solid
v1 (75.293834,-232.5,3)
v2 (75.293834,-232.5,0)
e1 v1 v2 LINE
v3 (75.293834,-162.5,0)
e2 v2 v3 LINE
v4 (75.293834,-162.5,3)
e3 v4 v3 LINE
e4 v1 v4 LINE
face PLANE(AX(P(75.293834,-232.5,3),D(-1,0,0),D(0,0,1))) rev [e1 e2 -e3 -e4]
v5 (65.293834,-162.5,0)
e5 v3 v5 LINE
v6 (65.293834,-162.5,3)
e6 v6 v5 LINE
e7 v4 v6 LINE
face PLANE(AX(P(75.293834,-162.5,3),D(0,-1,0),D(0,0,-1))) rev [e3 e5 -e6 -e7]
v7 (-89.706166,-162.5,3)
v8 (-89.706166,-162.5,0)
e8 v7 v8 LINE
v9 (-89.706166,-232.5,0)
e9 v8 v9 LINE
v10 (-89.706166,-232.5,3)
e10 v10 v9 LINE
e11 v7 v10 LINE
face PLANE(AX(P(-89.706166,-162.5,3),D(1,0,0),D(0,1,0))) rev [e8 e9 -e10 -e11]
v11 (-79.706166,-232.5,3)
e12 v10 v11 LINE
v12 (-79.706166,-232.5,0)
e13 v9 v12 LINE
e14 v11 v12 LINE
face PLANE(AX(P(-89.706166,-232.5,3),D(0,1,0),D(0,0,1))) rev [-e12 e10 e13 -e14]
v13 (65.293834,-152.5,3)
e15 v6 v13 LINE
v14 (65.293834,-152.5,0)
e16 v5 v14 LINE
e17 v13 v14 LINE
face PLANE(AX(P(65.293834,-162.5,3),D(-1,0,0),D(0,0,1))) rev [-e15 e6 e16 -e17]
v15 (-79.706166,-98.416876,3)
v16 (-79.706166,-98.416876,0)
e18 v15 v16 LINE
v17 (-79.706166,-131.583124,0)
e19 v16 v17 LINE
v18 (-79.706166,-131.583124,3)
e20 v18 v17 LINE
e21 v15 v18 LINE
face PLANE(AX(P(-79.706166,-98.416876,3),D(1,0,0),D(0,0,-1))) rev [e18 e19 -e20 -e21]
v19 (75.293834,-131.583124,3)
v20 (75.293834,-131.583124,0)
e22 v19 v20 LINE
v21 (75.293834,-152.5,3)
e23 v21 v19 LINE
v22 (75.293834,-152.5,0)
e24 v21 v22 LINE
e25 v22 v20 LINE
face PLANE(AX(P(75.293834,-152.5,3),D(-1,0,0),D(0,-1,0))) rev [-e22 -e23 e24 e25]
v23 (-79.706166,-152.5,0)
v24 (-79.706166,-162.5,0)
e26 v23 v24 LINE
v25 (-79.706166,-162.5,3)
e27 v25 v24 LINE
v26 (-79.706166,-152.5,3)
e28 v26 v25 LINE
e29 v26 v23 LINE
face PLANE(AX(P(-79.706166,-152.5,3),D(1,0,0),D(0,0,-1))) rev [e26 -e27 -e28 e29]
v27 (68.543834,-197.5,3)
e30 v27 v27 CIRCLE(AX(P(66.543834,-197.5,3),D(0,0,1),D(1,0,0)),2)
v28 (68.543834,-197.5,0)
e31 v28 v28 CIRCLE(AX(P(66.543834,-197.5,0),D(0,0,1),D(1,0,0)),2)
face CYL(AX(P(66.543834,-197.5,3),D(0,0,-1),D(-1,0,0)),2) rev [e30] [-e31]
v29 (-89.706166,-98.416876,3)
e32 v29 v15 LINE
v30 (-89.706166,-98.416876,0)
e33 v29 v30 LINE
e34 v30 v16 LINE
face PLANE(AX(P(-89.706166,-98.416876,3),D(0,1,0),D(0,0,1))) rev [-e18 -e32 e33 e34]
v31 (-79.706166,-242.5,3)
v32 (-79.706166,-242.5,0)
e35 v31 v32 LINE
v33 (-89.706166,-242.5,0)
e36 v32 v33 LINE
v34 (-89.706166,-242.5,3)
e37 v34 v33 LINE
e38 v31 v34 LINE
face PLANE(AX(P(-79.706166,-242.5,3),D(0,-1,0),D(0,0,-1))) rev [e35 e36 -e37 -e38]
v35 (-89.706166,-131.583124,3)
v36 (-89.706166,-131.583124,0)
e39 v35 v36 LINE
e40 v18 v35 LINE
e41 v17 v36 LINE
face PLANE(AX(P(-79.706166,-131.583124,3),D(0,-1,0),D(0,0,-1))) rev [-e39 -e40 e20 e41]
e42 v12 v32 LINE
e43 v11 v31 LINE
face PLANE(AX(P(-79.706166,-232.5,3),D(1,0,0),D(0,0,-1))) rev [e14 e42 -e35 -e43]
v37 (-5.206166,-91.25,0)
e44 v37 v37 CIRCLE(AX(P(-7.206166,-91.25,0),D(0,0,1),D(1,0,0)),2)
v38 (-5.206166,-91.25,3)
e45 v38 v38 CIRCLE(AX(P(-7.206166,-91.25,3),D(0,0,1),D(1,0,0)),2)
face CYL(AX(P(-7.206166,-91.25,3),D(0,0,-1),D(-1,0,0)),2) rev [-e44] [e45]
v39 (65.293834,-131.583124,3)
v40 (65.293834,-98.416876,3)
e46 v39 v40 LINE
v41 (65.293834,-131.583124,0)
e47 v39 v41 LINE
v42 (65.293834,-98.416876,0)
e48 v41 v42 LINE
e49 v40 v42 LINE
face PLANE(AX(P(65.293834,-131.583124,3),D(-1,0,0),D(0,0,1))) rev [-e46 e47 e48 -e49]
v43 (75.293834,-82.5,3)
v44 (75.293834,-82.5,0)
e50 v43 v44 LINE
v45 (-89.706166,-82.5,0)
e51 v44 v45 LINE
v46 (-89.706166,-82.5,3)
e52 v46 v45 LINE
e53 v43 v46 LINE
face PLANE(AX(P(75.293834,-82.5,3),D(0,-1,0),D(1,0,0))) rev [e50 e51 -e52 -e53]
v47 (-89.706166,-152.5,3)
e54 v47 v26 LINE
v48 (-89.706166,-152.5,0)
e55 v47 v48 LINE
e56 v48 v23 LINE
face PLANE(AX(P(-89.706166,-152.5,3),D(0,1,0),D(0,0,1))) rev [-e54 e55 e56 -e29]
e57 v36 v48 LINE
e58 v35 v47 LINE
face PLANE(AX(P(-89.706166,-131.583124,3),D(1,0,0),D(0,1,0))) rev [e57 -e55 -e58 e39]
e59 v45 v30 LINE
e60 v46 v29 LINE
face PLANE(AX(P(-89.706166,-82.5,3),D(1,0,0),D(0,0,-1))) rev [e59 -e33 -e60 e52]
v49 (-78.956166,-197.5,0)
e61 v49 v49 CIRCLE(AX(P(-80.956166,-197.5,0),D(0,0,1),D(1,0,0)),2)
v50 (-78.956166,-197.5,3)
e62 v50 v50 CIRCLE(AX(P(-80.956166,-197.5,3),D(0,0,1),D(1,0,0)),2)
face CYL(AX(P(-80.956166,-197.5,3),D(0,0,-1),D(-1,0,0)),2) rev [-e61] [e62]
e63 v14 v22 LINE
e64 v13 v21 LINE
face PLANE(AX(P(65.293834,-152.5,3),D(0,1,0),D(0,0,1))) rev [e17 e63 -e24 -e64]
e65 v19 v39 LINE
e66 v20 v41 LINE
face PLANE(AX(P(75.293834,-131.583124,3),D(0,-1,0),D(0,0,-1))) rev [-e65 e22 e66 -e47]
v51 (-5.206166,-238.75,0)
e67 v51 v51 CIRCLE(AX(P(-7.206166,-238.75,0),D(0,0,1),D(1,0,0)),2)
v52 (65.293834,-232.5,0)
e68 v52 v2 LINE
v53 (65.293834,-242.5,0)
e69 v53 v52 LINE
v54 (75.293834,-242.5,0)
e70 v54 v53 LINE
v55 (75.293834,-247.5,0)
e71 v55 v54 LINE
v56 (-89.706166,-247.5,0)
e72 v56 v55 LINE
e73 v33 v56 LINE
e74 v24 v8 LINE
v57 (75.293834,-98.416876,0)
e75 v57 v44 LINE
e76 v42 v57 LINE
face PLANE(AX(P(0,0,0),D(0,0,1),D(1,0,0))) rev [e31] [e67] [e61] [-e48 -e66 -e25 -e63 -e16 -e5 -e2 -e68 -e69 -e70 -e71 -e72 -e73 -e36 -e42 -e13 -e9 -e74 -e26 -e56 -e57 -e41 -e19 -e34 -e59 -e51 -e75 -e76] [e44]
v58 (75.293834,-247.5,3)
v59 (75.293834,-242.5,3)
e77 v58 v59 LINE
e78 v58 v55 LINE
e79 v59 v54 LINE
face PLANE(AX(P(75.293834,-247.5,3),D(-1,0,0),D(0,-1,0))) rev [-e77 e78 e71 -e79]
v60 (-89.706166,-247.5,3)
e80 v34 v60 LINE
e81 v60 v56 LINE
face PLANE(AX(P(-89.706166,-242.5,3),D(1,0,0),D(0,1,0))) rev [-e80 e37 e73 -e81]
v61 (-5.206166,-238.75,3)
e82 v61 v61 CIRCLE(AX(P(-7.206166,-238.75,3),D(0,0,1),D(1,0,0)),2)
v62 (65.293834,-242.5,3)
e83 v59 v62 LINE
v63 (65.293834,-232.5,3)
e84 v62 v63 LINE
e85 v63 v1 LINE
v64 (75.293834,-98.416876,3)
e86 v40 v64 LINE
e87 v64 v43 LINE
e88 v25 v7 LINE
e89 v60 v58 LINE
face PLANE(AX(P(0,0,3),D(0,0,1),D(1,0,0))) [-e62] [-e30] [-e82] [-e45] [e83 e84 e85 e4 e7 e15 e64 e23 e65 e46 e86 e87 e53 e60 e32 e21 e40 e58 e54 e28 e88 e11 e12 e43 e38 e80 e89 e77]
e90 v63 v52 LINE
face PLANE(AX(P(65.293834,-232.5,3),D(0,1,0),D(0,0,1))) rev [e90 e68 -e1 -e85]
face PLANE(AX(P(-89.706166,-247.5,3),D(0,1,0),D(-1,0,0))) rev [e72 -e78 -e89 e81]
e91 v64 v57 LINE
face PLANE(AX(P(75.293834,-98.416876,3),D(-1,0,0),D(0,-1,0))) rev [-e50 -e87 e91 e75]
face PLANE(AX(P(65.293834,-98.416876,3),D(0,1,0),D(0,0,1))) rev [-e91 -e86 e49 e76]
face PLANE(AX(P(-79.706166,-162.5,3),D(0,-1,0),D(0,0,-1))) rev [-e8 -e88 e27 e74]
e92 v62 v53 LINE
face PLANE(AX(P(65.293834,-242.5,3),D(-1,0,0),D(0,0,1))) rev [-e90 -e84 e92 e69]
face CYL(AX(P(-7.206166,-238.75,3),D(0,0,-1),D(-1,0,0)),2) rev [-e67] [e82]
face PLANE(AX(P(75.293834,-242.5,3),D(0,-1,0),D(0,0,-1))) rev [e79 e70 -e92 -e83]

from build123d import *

# Parameters (mm, degrees)
ESQUISSE1_R        = 2
BOSS_EXTRU_1_DEPTH = 3


with BuildPart() as part:
    # Esquisse1 → Boss.-Extru.1 (new body)
    with BuildSketch(Plane.XY):
        Polygon((-89.706165703, -247.5), (75.293834297, -247.5), (75.293834297, -242.5), (65.293834297, -242.5), (65.293834297, -232.5), (75.293834297, -232.5), (75.293834297, -162.5), (65.293834297, -162.5), (65.293834297, -152.5), (75.293834297, -152.5), (75.293834297, -131.583123952), (65.293834297, -131.583123952), (65.293834297, -98.416876048), (75.293834297, -98.416876048), (75.293834297, -82.5), (-89.706165703, -82.5), (-89.706165703, -98.416876048), (-79.706165703, -98.416876048), (-79.706165703, -131.583123952), (-89.706165703, -131.583123952), (-89.706165703, -152.5), (-79.706165703, -152.5), (-79.706165703, -162.5), (-89.706165703, -162.5), (-89.706165703, -232.5), (-79.706165703, -232.5), (-79.706165703, -242.5), (-89.706165703, -242.5), align=None)
        with Locations((-7.206165703, -91.25)):
            Circle(ESQUISSE1_R, mode=Mode.SUBTRACT)
        with Locations((-80.956165703, -197.5)):
            Circle(ESQUISSE1_R, mode=Mode.SUBTRACT)
        with Locations((-7.206165703, -238.75)):
            Circle(ESQUISSE1_R, mode=Mode.SUBTRACT)
        with Locations((66.543834297, -197.5)):
            Circle(ESQUISSE1_R, mode=Mode.SUBTRACT)
    extrude(amount=BOSS_EXTRU_1_DEPTH)


solid = part.part
